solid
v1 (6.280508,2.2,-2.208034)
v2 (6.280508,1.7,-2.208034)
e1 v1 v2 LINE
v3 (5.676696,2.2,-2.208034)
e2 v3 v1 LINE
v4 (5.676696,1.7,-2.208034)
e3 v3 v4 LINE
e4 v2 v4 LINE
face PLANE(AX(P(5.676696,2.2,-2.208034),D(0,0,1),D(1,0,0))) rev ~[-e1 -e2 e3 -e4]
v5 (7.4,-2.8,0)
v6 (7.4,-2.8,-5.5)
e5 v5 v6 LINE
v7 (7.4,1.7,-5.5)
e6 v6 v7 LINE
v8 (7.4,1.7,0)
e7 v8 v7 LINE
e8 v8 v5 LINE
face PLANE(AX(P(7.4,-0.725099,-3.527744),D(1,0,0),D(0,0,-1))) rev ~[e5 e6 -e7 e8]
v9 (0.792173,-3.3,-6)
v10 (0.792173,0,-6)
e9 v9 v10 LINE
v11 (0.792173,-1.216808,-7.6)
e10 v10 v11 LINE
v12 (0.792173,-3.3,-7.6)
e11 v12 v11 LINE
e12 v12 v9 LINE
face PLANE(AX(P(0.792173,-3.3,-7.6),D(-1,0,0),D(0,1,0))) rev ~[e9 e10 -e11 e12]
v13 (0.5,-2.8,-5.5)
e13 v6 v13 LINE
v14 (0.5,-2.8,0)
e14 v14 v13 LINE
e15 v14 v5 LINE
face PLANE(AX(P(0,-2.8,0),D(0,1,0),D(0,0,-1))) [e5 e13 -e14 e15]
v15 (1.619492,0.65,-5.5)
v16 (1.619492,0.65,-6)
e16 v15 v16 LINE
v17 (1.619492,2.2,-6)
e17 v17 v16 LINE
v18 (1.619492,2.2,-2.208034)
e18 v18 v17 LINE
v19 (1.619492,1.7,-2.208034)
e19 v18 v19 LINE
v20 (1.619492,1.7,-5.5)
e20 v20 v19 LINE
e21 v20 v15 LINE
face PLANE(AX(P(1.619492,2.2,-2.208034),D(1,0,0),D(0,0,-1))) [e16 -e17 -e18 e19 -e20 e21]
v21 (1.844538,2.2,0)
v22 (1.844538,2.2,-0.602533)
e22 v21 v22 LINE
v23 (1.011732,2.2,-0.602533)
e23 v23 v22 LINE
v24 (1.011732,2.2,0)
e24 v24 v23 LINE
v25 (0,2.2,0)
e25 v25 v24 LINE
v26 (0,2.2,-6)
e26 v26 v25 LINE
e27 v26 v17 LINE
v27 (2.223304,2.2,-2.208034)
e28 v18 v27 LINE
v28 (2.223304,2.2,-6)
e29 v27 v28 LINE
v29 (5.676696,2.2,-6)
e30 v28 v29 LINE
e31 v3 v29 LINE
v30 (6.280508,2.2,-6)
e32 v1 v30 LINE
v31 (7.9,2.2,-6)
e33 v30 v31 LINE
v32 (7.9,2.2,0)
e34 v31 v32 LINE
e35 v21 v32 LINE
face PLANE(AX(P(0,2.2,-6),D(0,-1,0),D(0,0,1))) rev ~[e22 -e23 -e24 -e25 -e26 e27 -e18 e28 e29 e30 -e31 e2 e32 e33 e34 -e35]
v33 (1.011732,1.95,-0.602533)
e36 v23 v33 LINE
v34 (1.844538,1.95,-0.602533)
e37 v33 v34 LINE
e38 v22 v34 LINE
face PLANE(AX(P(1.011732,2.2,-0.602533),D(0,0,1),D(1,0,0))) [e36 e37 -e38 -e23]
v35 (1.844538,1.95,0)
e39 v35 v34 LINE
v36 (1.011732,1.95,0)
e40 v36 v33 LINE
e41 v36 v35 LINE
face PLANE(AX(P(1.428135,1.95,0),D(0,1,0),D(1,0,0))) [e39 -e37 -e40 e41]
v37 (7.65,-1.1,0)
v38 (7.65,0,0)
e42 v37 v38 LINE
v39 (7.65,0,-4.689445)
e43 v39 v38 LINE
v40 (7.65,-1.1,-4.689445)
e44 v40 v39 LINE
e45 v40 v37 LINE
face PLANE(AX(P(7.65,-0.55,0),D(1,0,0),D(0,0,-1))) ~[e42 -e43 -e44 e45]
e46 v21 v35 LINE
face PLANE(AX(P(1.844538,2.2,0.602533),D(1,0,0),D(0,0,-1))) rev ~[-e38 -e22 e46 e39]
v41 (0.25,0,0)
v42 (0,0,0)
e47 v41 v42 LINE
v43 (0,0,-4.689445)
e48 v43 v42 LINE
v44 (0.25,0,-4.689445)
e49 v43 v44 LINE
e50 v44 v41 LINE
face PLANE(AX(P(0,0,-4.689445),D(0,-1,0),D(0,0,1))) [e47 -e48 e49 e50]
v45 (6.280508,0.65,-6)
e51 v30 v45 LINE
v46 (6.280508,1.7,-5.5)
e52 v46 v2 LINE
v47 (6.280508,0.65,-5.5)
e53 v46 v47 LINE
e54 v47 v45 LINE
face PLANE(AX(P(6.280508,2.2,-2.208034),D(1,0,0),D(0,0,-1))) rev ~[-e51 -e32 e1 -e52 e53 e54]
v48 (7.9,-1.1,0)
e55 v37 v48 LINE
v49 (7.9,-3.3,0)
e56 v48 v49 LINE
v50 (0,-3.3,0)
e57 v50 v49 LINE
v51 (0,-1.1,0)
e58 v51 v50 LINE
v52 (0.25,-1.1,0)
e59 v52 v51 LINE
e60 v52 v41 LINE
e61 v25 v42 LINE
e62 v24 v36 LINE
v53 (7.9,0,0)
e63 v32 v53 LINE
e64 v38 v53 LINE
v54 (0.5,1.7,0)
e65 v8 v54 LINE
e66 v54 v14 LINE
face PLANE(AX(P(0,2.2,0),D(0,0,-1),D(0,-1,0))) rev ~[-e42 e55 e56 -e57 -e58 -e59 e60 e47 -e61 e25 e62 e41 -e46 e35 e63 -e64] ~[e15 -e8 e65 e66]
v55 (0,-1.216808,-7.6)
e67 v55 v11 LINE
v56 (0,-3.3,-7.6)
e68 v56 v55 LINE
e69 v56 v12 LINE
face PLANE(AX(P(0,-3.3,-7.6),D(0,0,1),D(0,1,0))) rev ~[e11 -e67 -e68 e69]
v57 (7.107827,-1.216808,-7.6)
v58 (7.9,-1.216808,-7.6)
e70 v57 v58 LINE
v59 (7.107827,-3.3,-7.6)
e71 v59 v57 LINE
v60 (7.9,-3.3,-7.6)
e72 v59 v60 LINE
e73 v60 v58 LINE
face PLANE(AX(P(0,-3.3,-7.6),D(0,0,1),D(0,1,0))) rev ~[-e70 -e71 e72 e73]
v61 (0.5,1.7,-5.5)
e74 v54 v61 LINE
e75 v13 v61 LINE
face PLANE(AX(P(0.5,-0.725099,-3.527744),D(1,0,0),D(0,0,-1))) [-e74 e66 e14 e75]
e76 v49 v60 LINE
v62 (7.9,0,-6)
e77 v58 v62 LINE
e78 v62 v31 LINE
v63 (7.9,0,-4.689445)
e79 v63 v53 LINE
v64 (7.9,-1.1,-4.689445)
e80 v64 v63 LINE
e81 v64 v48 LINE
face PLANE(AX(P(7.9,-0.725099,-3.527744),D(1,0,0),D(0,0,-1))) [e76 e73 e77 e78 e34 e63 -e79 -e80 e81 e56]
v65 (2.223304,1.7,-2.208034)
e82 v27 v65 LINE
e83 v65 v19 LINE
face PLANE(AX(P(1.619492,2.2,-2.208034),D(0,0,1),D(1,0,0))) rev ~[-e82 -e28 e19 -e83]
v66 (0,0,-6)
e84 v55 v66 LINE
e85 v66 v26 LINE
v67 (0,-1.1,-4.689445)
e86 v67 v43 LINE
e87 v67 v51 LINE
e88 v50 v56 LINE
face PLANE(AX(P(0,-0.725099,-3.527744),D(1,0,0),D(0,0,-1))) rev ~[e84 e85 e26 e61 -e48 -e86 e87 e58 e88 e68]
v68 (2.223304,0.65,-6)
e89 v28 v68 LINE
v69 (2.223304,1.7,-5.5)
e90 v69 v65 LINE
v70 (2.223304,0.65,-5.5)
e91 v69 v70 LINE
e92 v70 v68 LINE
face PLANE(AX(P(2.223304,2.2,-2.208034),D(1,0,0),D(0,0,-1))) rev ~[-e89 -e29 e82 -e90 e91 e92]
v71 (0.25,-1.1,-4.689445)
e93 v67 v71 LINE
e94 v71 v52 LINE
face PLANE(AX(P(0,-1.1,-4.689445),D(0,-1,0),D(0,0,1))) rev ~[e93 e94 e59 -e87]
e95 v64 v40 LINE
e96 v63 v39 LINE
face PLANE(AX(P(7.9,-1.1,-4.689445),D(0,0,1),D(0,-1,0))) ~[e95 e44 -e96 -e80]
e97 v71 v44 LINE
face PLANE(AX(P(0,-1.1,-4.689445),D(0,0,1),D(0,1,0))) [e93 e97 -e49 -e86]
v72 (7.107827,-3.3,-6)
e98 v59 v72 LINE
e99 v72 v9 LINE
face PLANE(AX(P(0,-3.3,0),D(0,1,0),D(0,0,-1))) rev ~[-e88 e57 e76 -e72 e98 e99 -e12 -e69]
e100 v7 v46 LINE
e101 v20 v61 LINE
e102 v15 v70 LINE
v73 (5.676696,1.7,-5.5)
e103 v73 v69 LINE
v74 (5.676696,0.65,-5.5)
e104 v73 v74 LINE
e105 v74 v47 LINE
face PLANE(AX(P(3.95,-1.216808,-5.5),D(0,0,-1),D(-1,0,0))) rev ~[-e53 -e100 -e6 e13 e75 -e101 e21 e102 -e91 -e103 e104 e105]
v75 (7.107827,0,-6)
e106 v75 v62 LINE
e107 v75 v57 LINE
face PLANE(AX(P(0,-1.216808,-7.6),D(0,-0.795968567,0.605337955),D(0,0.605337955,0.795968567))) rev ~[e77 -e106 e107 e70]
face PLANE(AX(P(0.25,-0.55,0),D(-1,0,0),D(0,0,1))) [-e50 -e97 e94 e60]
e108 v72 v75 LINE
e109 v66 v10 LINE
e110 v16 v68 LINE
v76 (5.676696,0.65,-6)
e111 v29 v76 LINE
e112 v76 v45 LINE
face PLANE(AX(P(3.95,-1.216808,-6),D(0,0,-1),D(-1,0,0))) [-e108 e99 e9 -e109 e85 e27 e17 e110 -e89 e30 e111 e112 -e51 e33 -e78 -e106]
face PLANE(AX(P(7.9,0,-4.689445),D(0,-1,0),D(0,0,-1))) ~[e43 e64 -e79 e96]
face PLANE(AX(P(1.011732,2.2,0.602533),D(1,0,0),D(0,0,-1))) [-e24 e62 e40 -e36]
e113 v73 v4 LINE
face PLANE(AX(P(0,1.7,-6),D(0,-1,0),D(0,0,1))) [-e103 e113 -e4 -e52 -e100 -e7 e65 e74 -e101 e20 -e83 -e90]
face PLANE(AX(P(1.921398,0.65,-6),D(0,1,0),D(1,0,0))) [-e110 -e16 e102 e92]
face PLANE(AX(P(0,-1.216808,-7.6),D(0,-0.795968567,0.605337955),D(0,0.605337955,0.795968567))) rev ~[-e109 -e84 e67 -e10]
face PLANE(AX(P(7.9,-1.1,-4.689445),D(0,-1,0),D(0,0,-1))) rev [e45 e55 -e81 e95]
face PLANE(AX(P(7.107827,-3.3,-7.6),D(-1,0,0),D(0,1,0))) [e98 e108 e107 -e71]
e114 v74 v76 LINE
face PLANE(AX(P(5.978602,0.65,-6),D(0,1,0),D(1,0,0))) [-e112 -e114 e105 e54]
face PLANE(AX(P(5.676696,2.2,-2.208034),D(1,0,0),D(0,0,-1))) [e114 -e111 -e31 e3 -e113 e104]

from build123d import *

# Parameters (mm, degrees)
BOSS_EXTRUDE1_DEPTH = 7.9
SKETCH4_W           = 6.315653724
SKETCH4_H           = 4.166384482
CUT_EXTRUDE2_DEPTH  = 1.6
SHELL1_T            = -0.5
SKETCH2_W           = 0.603812539
SKETCH2_H           = 7.583931724
CUT_EXTRUDE1_DEPTH  = 1.55
SKETCH5_W           = 0.832806424
SKETCH5_H           = 1.205065976
CUT_EXTRUDE3_DEPTH  = 0.25
SKETCH6_W           = 9.378889646
SKETCH6_H           = 1.1
CUT_EXTRUDE4_DEPTH  = 0.25


with BuildPart() as part:
    # Sketch1 → Boss-Extrude1 (new body)
    with BuildSketch(Plane(origin=(0, 0, 0), x_dir=(0, 0, -1), z_dir=(1, 0, 0))):
        Polygon((0, 0), (0, -3.3), (7.6, -3.3), (7.6, -1.216807759), (6, 0), (6, 2.2), (0, 2.2), align=None)
    extrude(amount=BOSS_EXTRUDE1_DEPTH)

    # Sketch4 → Cut-Extrude2 (cut)
    with BuildSketch(Plane(origin=(0, 0, -7.6), x_dir=(-1, 0, 0), z_dir=(0, 0, -1))):
        with Locations((-3.95, -1.216807759)):
            Rectangle(SKETCH4_W, SKETCH4_H)
    extrude(amount=-CUT_EXTRUDE2_DEPTH, mode=Mode.SUBTRACT)

    # Shell1
    shell1_openings = [part.faces().sort_by_distance(p)[0] for p in [
        (3.95, -0.55, 0),
    ]]
    offset(amount=SHELL1_T, openings=shell1_openings, kind=Kind.INTERSECTION)

    # Sketch2 → Cut-Extrude1 (cut)
    with BuildSketch(Plane(origin=(0, 2.2, 0), x_dir=(1, 0, 0), z_dir=(0, 1, 0))):
        with Locations((5.978601851, 6)):
            Rectangle(SKETCH2_W, SKETCH2_H)
        with Locations((1.92139815, 6)):
            Rectangle(SKETCH2_W, SKETCH2_H)
    extrude(amount=-CUT_EXTRUDE1_DEPTH, mode=Mode.SUBTRACT)

    # Sketch5 → Cut-Extrude3 (cut)
    with BuildSketch(Plane(origin=(0, 2.2, 0), x_dir=(1, 0, 0), z_dir=(0, 1, 0))):
        with Locations((1.428135285, 0)):
            Rectangle(SKETCH5_W, SKETCH5_H)
    extrude(amount=-CUT_EXTRUDE3_DEPTH, mode=Mode.SUBTRACT)

    # Sketch6 → Cut-Extrude4 (cut)
    with BuildSketch(Plane.ZY):
        with Locations((0, -0.55)):
            Rectangle(SKETCH6_W, SKETCH6_H)
    cut_extrude4 = extrude(amount=-CUT_EXTRUDE4_DEPTH, mode=Mode.SUBTRACT)

    # Mirror1: Cut-Extrude4 across plane
    add(cut_extrude4.mirror(Plane.ZY.offset(-3.95)), mode=Mode.SUBTRACT)


solid = part.part
